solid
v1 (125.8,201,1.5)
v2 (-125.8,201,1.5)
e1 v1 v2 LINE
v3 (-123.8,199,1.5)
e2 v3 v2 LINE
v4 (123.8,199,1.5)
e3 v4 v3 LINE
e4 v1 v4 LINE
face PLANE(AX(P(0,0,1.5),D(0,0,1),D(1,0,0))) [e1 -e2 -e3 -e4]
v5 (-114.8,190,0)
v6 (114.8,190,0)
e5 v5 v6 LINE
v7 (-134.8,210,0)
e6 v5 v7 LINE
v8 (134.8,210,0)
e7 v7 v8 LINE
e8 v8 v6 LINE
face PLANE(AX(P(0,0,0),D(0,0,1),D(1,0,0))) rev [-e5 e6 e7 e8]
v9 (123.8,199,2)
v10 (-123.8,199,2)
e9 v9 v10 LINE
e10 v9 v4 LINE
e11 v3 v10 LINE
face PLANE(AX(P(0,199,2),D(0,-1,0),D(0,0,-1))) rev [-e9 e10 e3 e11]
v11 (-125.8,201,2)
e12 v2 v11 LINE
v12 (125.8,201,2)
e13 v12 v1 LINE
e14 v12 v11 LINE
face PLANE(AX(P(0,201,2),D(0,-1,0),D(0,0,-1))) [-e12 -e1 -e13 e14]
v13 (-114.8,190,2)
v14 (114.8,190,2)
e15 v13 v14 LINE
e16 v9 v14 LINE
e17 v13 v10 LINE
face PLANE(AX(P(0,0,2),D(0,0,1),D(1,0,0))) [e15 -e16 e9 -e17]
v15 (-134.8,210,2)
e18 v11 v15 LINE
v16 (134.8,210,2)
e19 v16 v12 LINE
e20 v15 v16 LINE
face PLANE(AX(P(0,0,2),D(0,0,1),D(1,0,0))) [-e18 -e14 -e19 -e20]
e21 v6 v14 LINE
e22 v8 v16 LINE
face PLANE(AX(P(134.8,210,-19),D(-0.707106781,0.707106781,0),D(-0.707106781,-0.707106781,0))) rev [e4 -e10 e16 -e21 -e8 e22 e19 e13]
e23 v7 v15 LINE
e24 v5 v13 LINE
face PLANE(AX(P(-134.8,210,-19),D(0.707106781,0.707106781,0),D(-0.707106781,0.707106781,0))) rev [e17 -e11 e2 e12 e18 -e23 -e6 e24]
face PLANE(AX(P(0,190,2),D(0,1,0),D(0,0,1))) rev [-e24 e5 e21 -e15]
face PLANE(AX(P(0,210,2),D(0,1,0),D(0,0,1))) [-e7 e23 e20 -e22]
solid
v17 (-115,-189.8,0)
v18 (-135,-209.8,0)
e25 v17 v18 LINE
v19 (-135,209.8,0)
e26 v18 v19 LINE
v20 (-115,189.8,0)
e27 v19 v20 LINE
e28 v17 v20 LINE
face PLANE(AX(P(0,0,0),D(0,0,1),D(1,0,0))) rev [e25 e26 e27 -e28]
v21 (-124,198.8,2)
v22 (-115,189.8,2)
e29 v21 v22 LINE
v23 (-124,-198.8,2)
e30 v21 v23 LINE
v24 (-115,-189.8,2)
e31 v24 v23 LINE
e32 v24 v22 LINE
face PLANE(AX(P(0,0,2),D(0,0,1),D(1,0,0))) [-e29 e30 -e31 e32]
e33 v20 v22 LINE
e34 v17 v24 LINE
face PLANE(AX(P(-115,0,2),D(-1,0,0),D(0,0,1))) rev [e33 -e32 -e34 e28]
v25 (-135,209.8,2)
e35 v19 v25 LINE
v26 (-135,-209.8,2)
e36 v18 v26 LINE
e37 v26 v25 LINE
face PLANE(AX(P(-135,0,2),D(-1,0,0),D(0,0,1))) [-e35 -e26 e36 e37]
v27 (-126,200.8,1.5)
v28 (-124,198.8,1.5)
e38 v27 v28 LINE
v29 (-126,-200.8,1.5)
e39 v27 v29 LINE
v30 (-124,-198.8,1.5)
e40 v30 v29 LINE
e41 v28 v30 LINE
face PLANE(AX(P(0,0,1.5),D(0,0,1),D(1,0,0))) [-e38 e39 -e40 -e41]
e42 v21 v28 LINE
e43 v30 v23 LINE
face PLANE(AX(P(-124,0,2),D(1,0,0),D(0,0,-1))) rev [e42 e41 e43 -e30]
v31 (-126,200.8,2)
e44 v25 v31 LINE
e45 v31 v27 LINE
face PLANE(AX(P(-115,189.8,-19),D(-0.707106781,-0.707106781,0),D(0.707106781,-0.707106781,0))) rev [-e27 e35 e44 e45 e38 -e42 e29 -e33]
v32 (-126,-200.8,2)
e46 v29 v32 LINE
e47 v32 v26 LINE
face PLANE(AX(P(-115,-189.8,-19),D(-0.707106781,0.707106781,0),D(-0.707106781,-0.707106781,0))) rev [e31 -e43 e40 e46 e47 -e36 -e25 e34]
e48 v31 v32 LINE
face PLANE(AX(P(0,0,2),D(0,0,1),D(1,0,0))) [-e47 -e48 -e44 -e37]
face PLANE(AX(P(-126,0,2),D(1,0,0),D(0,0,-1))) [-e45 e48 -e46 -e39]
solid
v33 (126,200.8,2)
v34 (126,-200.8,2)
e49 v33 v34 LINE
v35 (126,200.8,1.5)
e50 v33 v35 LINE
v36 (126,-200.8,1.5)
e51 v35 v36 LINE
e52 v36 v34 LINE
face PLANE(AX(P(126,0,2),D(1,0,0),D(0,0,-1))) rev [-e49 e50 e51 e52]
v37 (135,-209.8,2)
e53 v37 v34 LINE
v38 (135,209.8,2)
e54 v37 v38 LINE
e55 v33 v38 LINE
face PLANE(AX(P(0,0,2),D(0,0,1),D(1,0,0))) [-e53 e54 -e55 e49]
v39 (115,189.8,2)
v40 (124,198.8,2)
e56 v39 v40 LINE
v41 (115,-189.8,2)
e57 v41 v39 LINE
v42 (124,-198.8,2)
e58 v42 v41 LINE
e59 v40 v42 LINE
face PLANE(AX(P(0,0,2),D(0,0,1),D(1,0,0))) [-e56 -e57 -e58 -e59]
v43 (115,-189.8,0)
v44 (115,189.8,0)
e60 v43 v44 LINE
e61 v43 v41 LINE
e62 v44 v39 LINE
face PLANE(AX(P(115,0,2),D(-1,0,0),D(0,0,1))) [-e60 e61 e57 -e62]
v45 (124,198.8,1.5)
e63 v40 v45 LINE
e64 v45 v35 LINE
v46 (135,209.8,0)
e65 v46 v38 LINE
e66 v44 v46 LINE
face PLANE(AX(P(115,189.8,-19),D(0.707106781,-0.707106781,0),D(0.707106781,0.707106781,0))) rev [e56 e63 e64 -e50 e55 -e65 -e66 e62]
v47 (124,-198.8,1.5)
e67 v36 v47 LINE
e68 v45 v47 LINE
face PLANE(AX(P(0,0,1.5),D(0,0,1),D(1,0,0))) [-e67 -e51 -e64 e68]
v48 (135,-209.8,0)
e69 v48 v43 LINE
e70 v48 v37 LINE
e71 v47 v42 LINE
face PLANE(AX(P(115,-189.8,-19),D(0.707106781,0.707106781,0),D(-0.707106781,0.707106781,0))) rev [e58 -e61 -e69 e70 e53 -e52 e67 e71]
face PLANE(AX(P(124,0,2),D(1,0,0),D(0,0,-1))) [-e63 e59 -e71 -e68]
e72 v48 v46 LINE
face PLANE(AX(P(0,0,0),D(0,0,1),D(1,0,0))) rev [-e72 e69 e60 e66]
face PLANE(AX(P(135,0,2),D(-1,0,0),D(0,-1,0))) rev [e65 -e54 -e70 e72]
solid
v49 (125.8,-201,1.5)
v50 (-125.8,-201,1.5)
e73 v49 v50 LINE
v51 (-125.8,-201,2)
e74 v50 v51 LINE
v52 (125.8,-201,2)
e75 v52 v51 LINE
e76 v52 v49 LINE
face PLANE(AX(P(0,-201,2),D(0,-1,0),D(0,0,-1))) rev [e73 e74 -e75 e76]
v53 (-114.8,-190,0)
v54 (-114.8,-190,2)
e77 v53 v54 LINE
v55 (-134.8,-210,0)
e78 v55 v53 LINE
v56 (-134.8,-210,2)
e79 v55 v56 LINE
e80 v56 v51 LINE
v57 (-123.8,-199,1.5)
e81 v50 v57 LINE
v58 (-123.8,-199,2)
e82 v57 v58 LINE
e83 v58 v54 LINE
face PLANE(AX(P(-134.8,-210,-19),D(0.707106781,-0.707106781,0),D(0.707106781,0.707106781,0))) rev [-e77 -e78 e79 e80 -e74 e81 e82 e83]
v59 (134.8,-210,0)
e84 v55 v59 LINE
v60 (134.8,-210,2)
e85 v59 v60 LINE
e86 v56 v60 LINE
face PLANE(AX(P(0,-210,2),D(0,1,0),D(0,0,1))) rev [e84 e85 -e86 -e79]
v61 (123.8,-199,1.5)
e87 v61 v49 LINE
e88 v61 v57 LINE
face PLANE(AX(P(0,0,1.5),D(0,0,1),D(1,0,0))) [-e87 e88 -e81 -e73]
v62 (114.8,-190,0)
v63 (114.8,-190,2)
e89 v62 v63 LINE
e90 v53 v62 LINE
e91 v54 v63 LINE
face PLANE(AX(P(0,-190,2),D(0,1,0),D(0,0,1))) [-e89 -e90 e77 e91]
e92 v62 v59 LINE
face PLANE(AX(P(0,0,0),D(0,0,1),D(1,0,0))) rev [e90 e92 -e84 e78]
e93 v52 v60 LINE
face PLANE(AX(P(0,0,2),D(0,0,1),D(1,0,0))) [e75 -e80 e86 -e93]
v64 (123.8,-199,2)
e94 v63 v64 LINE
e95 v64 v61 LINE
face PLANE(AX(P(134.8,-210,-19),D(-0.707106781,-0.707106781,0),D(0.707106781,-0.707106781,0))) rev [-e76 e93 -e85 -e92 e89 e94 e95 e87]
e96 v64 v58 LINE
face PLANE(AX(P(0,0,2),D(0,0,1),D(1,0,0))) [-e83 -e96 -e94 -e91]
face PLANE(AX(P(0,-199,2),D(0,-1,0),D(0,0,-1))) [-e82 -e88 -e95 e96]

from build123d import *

# Parameters (mm, degrees)
CROQUIS1_W                = 248
CROQUIS1_H                = 398
CROQUIS1_W_2              = 230
CROQUIS1_H_2              = 380
SALIENTE_EXTRUIR1_DEPTH   = 2
CROQUIS1_W_3              = 270
CROQUIS1_H_3              = 420
CROQUIS1_W_4              = 252
CROQUIS1_H_4              = 402
SALIENTE_EXTRUIR1_2_DEPTH = 2
CROQUIS1_3_W              = 252
CROQUIS1_3_H              = 402
CROQUIS1_3_W_2            = 248
CROQUIS1_3_H_2            = 398
SALIENTE_EXTRUIR2_DEPTH   = 1.5
CORTAR_EXTRUIR1_DEPTH     = 21


with BuildPart() as part:
    # Croquis1 → Saliente-Extruir1 (new body)
    with BuildSketch(Plane.XY):
        Rectangle(CROQUIS1_W, CROQUIS1_H)
        Rectangle(CROQUIS1_W_2, CROQUIS1_H_2, mode=Mode.SUBTRACT)
    extrude(amount=SALIENTE_EXTRUIR1_DEPTH)



with BuildPart() as body_2:
    # Croquis1 → Saliente-Extruir1 2 (new body)
    with BuildSketch(Plane.XY):
        Rectangle(CROQUIS1_W_3, CROQUIS1_H_3)
        Rectangle(CROQUIS1_W_4, CROQUIS1_H_4, mode=Mode.SUBTRACT)
    extrude(amount=SALIENTE_EXTRUIR1_2_DEPTH)


with BuildPart() as part_1:
    add(part.part)

    add(body_2.part)  # Saliente-Extruir2 merges body 2
    # Croquis1<3> → Saliente-Extruir2 (add)
    with BuildSketch(Plane.XY):
        Rectangle(CROQUIS1_3_W, CROQUIS1_3_H)
        Rectangle(CROQUIS1_3_W_2, CROQUIS1_3_H_2, mode=Mode.SUBTRACT)
    extrude(amount=SALIENTE_EXTRUIR2_DEPTH)

    # Croquis2 → Cortar-Extruir1 (cut)
    with BuildSketch(Plane.XY.offset(2)):
        Polygon((-115, 189.8), (-135, 209.8), (-135, 210), (-134.8, 210), (-114.8, 190), (-115, 190), align=None)
        Polygon((115, 190), (115, 189.8), (135, 209.8), (135, 210), (134.8, 210), (114.8, 190), align=None)
        Polygon((115, -189.8), (135, -209.8), (135, -210), (134.8, -210), (114.8, -190), (115, -190), align=None)
        Polygon((-115, -190), (-115, -189.8), (-135, -209.8), (-135, -210), (-134.8, -210), (-114.8, -190), align=None)
    extrude(amount=-CORTAR_EXTRUIR1_DEPTH, mode=Mode.SUBTRACT)


with BuildPart() as cortar_extruir1_piece_1:
    # of the separate pieces the step leaves, piece 1, a body of its own (cortar_extruir1_pieces)
    add(part_1.part.solids().sort_by_distance((124, 198.8, 1.5))[0])


with BuildPart() as cortar_extruir1_piece_2:
    # of the separate pieces the step leaves, piece 2, a body of its own (cortar_extruir1_pieces)
    add(part_1.part.solids().sort_by_distance((-124, 198.8, 2))[0])


with BuildPart() as cortar_extruir1_piece_3:
    # of the separate pieces the step leaves, piece 3, a body of its own (cortar_extruir1_pieces)
    add(part_1.part.solids().sort_by_distance((123.8, 199, 2))[0])


with BuildPart() as cortar_extruir1_piece_4:
    # of the separate pieces the step leaves, piece 4, a body of its own (cortar_extruir1_pieces)
    add(part_1.part.solids().sort_by_distance((123.8, -199, 2))[0])


solid = Compound([cortar_extruir1_piece_1.part, cortar_extruir1_piece_2.part, cortar_extruir1_piece_3.part, cortar_extruir1_piece_4.part])
